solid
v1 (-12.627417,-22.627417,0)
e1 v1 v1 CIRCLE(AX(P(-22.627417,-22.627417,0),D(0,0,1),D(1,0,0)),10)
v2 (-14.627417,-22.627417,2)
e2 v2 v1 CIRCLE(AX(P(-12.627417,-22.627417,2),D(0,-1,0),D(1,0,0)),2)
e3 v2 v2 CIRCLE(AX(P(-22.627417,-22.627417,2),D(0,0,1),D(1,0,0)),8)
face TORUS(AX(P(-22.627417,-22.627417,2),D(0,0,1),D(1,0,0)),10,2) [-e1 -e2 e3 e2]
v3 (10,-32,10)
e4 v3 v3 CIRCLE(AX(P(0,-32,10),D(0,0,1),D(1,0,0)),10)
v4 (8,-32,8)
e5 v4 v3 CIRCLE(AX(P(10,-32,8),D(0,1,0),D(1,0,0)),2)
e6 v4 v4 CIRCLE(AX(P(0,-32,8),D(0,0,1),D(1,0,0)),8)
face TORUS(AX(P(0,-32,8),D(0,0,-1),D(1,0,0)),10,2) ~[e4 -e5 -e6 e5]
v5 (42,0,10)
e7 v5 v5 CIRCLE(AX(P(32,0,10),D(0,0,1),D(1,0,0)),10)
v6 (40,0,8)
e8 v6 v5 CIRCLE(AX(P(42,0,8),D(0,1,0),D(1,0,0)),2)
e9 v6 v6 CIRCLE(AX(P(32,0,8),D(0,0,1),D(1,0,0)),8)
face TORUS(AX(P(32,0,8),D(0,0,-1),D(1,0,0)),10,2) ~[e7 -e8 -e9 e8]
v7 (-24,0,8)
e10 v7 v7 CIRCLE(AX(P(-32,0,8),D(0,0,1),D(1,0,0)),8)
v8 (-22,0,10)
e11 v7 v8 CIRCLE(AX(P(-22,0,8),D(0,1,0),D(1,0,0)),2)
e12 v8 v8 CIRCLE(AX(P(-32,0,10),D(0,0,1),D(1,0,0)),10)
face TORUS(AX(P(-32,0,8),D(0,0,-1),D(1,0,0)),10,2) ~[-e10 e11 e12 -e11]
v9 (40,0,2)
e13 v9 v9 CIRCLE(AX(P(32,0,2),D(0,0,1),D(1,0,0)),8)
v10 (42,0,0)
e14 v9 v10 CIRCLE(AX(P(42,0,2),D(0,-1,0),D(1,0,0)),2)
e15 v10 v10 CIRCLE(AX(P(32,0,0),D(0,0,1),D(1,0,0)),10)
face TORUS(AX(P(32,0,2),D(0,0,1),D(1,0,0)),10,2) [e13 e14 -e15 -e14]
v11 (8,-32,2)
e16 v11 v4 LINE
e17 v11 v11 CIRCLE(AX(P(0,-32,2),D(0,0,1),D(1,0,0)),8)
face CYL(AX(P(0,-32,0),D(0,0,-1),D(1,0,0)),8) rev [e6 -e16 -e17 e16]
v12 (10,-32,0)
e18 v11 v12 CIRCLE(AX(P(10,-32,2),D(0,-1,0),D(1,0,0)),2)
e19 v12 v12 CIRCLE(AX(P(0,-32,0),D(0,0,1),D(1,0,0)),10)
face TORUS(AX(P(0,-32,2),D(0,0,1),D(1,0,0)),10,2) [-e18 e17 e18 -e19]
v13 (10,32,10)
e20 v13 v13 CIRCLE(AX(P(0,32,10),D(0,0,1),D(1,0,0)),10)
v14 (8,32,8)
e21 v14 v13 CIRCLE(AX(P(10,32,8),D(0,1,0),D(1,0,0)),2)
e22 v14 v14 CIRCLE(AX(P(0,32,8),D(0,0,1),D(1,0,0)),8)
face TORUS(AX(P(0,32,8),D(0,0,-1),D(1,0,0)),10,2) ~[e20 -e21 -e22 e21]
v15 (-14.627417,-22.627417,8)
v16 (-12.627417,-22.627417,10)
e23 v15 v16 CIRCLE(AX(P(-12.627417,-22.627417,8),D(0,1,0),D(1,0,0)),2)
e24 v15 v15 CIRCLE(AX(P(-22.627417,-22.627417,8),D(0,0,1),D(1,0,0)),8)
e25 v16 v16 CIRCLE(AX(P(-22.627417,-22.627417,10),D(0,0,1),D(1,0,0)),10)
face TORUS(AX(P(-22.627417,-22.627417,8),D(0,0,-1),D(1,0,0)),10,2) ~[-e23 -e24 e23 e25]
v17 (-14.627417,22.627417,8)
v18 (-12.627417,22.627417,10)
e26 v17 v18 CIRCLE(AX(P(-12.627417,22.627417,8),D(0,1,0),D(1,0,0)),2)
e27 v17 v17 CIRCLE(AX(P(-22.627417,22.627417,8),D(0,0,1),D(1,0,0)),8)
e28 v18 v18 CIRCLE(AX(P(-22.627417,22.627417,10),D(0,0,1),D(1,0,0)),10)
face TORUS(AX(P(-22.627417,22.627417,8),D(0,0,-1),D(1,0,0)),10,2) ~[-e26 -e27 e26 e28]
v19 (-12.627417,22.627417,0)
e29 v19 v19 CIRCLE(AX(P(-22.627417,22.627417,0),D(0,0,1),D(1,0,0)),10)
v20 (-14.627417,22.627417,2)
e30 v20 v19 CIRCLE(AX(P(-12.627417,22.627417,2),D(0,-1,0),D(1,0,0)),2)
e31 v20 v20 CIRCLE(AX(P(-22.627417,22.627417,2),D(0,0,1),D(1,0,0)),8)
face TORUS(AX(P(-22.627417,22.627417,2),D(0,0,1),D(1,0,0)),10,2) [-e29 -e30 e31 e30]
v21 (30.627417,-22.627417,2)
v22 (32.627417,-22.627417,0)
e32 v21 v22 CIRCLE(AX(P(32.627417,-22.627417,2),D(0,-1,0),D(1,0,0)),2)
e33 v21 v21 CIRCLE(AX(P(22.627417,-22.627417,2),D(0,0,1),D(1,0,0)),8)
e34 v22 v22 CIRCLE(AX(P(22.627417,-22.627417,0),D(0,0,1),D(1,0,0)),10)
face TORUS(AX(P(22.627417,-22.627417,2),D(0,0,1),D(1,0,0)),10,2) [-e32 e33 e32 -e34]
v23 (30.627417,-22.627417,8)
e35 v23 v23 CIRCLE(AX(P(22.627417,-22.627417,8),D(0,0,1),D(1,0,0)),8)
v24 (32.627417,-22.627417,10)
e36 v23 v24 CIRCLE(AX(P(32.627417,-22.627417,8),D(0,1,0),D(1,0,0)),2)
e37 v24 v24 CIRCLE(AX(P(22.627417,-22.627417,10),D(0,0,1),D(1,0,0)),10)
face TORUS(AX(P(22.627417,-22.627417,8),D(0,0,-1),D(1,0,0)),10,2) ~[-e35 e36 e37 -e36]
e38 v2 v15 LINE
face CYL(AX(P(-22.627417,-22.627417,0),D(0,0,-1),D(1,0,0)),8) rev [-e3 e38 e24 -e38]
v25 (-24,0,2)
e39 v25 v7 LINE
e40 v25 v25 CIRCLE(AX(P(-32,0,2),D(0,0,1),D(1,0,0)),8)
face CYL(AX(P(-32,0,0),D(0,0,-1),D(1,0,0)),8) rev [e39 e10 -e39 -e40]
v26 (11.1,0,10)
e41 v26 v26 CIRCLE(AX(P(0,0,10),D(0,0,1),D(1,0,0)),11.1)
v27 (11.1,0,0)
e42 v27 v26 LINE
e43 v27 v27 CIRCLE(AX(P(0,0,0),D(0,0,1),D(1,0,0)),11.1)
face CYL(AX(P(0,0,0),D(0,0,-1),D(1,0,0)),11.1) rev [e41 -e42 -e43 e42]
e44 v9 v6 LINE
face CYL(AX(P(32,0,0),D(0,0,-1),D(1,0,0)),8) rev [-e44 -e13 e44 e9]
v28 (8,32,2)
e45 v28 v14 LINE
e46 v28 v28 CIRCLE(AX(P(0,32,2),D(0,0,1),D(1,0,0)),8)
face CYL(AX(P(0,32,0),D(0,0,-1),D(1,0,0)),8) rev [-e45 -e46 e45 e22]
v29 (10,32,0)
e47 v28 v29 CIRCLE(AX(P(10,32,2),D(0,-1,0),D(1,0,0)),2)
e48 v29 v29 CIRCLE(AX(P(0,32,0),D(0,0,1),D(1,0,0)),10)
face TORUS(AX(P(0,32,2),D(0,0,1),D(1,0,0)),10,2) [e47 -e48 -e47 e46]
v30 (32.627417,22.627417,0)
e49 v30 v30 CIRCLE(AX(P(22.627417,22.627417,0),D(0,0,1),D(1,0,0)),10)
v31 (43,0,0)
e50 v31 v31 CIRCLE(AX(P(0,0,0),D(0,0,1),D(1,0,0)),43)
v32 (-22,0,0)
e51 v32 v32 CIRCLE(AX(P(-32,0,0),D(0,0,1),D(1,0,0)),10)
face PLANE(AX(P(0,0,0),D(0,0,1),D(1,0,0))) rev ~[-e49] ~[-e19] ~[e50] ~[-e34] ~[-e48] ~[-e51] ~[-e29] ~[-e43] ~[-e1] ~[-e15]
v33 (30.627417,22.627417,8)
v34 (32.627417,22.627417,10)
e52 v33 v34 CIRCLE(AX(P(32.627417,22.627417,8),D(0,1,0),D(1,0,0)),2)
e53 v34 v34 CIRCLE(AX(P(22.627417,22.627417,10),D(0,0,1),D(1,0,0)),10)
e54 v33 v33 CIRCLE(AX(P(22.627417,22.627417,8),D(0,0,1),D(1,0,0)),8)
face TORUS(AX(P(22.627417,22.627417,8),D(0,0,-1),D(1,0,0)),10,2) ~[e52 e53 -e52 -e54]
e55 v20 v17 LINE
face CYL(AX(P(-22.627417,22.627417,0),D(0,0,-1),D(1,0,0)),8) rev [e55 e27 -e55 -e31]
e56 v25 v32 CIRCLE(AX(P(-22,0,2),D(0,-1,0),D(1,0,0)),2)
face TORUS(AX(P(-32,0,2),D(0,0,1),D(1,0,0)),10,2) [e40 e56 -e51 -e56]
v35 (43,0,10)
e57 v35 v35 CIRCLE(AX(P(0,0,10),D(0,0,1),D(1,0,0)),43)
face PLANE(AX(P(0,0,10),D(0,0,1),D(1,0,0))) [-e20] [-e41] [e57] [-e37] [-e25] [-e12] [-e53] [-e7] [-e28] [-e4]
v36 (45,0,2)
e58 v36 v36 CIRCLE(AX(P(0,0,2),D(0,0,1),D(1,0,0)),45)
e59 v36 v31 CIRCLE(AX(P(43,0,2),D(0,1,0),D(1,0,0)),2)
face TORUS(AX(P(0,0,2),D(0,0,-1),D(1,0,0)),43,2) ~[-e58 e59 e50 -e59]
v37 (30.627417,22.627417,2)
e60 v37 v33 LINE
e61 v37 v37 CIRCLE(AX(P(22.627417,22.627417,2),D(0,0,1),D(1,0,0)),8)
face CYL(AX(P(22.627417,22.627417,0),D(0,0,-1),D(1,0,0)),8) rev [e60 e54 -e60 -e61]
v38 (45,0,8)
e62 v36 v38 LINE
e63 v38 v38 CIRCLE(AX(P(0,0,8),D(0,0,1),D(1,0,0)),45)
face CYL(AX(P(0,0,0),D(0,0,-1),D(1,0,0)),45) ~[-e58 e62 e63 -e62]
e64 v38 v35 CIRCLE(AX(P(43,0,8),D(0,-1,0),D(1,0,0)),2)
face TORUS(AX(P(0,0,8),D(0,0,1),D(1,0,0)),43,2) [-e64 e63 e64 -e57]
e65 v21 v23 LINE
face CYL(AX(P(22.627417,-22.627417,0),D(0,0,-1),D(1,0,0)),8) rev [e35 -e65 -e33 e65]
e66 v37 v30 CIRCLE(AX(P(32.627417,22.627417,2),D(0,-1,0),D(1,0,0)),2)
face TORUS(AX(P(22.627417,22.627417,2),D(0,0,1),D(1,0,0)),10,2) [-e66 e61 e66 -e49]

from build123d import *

# Parameters (mm, degrees)
F0_R     = 45
F0_R_2   = 8
F0_R_3   = 11.1
F1_DEPTH = 10
F2_R     = 2


with BuildPart() as f1:
    # F0 (on Top) → F1 (new body)
    with BuildSketch(Plane.XY):
        Circle(F0_R)
        with Locations((-22.627417, -22.627417)):
            Circle(F0_R_2, mode=Mode.SUBTRACT)
        with Locations((0, -32)):
            Circle(F0_R_2, mode=Mode.SUBTRACT)
        with Locations((22.627417, -22.627417)):
            Circle(F0_R_2, mode=Mode.SUBTRACT)
        with Locations((-32, 0)):
            Circle(F0_R_2, mode=Mode.SUBTRACT)
        with Locations((-22.627417, 22.627417)):
            Circle(F0_R_2, mode=Mode.SUBTRACT)
        Circle(F0_R_3, mode=Mode.SUBTRACT)
        with Locations((32, 0)):
            Circle(F0_R_2, mode=Mode.SUBTRACT)
        with Locations((0, 32)):
            Circle(F0_R_2, mode=Mode.SUBTRACT)
        with Locations((22.627417, 22.627417)):
            Circle(F0_R_2, mode=Mode.SUBTRACT)
    extrude(amount=F1_DEPTH)

    # F2
    f2_edges = [f1.edges().sort_by_distance(p)[0] for p in [
        (-45, 0, 10),
        (-45, 0, 0),
        (-8, 32, 10),
        (14.627417, 22.627417, 10),
        (24, 0, 10),
        (14.627417, -22.627417, 10),
        (-8, -32, 10),
        (-30.627417, -22.627417, 10),
        (-40, 0, 10),
        (-30.627417, 22.627417, 10),
        (-30.627417, 22.627417, 0),
        (-8, 32, 0),
        (14.627417, 22.627417, 0),
        (24, 0, 0),
        (14.627417, -22.627417, 0),
        (-8, -32, 0),
        (-30.627417, -22.627417, 0),
        (-40, 0, 0),
    ]]
    fillet(f2_edges, radius=F2_R)


solid = f1.part
